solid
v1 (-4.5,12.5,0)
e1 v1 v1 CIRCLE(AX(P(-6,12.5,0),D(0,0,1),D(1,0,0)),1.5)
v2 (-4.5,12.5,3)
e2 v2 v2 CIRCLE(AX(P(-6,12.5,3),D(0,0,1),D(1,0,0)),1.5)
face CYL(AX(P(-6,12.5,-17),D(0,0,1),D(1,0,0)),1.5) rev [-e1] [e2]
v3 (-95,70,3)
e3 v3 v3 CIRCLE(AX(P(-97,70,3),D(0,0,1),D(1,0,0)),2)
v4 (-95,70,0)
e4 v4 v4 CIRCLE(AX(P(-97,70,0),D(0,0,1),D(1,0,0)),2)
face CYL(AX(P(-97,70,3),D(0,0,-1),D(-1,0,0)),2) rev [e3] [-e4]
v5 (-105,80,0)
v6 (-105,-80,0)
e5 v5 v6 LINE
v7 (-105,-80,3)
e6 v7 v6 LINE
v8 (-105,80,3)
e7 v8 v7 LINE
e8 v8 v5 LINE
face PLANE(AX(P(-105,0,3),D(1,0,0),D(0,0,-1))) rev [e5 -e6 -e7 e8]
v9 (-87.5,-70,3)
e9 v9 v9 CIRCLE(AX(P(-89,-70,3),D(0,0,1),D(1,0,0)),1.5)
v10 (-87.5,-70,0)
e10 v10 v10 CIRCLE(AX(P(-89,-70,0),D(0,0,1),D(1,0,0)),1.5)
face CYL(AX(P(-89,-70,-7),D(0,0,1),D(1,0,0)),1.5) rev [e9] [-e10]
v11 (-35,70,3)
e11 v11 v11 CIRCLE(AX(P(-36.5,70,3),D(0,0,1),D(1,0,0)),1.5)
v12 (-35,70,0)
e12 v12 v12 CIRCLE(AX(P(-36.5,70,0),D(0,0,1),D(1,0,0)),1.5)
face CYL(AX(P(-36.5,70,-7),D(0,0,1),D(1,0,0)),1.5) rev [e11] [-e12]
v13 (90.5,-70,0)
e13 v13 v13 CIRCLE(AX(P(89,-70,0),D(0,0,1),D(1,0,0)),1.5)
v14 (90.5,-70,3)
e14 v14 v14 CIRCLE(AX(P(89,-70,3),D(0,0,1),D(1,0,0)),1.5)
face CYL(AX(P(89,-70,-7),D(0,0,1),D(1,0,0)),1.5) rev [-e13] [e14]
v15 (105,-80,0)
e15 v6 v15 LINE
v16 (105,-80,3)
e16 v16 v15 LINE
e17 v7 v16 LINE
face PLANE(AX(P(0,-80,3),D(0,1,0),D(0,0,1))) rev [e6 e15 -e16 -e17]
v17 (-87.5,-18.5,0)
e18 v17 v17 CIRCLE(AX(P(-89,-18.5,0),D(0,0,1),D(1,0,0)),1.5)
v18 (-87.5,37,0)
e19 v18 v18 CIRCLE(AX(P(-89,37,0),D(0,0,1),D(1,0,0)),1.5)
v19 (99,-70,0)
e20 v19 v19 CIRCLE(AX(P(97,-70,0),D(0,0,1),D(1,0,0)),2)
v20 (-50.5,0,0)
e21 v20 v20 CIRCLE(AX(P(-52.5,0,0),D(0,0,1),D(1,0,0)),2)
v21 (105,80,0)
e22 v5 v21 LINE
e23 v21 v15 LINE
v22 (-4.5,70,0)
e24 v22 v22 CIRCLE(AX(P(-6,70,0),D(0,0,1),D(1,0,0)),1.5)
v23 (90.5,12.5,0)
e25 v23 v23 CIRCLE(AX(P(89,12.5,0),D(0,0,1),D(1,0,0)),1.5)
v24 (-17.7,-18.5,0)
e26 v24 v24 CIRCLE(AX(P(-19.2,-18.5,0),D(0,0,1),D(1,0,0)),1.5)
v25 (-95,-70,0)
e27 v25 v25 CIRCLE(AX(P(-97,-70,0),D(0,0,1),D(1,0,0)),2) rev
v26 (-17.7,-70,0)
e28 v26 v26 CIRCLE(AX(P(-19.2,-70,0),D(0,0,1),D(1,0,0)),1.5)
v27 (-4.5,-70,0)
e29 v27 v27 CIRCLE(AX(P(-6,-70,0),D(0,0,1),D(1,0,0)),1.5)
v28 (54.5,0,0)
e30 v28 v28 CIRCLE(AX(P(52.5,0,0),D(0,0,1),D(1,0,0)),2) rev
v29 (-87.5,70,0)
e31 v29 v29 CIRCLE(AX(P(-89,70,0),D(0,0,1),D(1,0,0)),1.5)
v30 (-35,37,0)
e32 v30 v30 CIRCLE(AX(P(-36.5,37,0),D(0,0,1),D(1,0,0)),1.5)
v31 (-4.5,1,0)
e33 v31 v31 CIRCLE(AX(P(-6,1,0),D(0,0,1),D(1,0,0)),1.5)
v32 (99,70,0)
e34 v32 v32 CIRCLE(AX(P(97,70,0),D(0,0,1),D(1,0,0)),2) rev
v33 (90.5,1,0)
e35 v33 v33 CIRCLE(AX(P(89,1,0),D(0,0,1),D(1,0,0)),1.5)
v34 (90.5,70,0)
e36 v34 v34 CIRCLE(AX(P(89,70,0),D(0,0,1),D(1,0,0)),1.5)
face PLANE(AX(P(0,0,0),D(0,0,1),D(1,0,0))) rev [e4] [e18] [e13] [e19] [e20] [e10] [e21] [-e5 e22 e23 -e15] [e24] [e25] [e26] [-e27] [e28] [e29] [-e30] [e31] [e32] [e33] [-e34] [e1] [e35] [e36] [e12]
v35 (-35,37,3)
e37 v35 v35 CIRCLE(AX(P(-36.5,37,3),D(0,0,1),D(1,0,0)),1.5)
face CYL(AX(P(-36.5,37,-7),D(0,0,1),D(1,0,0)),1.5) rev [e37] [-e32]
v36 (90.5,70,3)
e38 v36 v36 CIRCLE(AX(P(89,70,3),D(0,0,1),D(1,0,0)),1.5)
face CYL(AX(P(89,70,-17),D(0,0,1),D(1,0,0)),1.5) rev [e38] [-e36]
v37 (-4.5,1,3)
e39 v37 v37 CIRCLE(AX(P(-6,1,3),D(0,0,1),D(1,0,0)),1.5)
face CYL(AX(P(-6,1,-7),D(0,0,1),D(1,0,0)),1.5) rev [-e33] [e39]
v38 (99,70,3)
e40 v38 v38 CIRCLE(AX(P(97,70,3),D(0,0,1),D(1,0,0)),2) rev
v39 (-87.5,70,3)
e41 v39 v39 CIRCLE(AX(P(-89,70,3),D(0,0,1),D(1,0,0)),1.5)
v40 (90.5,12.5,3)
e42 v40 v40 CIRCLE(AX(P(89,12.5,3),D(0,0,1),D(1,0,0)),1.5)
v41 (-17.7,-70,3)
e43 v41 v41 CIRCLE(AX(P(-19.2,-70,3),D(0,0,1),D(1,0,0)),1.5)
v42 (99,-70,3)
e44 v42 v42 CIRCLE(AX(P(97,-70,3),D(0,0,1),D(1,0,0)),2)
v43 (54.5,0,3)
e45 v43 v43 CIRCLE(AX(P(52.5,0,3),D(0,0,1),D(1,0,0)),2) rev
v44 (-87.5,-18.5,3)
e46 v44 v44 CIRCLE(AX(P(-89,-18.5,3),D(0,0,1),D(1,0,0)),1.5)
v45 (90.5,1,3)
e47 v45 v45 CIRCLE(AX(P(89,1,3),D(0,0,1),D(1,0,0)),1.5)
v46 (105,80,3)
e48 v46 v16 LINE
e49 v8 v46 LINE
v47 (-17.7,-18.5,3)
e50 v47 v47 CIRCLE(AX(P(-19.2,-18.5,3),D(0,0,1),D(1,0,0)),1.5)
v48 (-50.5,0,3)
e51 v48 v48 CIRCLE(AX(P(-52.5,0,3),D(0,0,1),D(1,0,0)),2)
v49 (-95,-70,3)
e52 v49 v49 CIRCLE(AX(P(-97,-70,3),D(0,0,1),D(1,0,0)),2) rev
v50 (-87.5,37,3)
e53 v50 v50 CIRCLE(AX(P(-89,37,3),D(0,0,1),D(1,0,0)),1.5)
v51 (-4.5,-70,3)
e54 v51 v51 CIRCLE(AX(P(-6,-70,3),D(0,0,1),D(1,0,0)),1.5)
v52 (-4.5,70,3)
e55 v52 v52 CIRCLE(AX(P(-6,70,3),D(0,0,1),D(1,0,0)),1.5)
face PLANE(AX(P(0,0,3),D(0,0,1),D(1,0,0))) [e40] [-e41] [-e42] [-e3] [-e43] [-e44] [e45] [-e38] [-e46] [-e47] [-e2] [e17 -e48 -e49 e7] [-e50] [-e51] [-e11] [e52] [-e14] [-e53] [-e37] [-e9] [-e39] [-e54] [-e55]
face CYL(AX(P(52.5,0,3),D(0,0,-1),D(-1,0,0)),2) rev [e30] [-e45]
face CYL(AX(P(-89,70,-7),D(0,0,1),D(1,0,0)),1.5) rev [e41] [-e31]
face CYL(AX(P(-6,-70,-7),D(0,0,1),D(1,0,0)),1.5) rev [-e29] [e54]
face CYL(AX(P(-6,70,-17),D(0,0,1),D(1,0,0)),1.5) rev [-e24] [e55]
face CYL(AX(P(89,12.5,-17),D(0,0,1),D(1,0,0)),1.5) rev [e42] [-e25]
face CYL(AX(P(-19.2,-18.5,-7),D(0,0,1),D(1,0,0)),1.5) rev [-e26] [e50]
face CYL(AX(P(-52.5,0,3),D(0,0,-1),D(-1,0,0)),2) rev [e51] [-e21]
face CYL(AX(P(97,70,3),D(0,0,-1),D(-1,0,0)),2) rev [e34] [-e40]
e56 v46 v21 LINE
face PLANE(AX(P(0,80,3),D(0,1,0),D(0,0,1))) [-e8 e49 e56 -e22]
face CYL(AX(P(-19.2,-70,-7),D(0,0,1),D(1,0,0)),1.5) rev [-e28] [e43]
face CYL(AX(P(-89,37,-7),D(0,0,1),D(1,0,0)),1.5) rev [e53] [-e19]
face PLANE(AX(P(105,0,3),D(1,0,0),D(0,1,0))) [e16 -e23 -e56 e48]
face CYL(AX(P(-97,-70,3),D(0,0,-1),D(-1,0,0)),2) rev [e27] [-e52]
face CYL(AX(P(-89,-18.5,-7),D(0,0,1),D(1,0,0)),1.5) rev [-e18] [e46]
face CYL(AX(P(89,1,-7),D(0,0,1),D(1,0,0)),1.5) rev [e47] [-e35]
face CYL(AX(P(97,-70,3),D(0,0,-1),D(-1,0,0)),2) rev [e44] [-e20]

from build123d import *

# Parameters (mm, degrees)
SKETCH1_W           = 210
SKETCH1_H           = 160
SKETCH1_R           = 2
BOSS_EXTRUDE1_DEPTH = 3
SKETCH2_R           = 1.5
LVPCB_HOLE_DEPTH    = 20
SKETCH4_R           = 1.5
SDC_HOLE_DEPTH      = 10
SKETCH3_R           = 1.5
TSAL_LV_HOLE_DEPTH  = 10
SKETCH5_R           = 1.5
BSPD_HOLE_DEPTH     = 10


with BuildPart() as part:
    # Sketch1 → Boss-Extrude1 (new body)
    with BuildSketch(Plane.XY):
        Rectangle(SKETCH1_W, SKETCH1_H)
        with Locations((-97, 70)):
            Circle(SKETCH1_R, mode=Mode.SUBTRACT)
        with Locations((-97, -70)):
            Circle(SKETCH1_R, mode=Mode.SUBTRACT)
        with Locations((97, -70)):
            Circle(SKETCH1_R, mode=Mode.SUBTRACT)
        with Locations((97, 70)):
            Circle(SKETCH1_R, mode=Mode.SUBTRACT)
        with Locations((-52.5, 0)):
            Circle(SKETCH1_R, mode=Mode.SUBTRACT)
        with Locations((52.5, 0)):
            Circle(SKETCH1_R, mode=Mode.SUBTRACT)
    extrude(amount=BOSS_EXTRUDE1_DEPTH)

    # Sketch2 → LVPCB Hole (cut)
    with BuildSketch(Plane.XY.offset(3)):
        with Locations((-6, 70)):
            Circle(SKETCH2_R)
        with Locations((89, 70)):
            Circle(SKETCH2_R)
        with Locations((-6, 12.5)):
            Circle(SKETCH2_R)
        with Locations((89, 12.5)):
            Circle(SKETCH2_R)
    extrude(amount=-LVPCB_HOLE_DEPTH, mode=Mode.SUBTRACT)

    # Sketch4 → SDC Hole (cut)
    with BuildSketch(Plane.XY.offset(3)):
        with Locations((-6, 1)):
            Circle(SKETCH4_R)
        with Locations((89, 1)):
            Circle(SKETCH4_R)
        with Locations((-6, -70)):
            Circle(SKETCH4_R)
        with Locations((89, -70)):
            Circle(SKETCH4_R)
    extrude(amount=-SDC_HOLE_DEPTH, mode=Mode.SUBTRACT)

    # Sketch3 → TSAL LV Hole (cut)
    with BuildSketch(Plane.XY.offset(3)):
        with Locations((-89, -18.5)):
            Circle(SKETCH3_R)
        with Locations((-19.2, -18.5)):
            Circle(SKETCH3_R)
        with Locations((-89, -70)):
            Circle(SKETCH3_R)
        with Locations((-19.2, -70)):
            Circle(SKETCH3_R)
    extrude(amount=-TSAL_LV_HOLE_DEPTH, mode=Mode.SUBTRACT)

    # Sketch5 → BSPD Hole (cut)
    with BuildSketch(Plane.XY.offset(3)):
        with Locations((-89, 70)):
            Circle(SKETCH5_R)
        with Locations((-36.5, 70)):
            Circle(SKETCH5_R)
        with Locations((-89, 37)):
            Circle(SKETCH5_R)
        with Locations((-36.5, 37)):
            Circle(SKETCH5_R)
    extrude(amount=-BSPD_HOLE_DEPTH, mode=Mode.SUBTRACT)


solid = part.part
